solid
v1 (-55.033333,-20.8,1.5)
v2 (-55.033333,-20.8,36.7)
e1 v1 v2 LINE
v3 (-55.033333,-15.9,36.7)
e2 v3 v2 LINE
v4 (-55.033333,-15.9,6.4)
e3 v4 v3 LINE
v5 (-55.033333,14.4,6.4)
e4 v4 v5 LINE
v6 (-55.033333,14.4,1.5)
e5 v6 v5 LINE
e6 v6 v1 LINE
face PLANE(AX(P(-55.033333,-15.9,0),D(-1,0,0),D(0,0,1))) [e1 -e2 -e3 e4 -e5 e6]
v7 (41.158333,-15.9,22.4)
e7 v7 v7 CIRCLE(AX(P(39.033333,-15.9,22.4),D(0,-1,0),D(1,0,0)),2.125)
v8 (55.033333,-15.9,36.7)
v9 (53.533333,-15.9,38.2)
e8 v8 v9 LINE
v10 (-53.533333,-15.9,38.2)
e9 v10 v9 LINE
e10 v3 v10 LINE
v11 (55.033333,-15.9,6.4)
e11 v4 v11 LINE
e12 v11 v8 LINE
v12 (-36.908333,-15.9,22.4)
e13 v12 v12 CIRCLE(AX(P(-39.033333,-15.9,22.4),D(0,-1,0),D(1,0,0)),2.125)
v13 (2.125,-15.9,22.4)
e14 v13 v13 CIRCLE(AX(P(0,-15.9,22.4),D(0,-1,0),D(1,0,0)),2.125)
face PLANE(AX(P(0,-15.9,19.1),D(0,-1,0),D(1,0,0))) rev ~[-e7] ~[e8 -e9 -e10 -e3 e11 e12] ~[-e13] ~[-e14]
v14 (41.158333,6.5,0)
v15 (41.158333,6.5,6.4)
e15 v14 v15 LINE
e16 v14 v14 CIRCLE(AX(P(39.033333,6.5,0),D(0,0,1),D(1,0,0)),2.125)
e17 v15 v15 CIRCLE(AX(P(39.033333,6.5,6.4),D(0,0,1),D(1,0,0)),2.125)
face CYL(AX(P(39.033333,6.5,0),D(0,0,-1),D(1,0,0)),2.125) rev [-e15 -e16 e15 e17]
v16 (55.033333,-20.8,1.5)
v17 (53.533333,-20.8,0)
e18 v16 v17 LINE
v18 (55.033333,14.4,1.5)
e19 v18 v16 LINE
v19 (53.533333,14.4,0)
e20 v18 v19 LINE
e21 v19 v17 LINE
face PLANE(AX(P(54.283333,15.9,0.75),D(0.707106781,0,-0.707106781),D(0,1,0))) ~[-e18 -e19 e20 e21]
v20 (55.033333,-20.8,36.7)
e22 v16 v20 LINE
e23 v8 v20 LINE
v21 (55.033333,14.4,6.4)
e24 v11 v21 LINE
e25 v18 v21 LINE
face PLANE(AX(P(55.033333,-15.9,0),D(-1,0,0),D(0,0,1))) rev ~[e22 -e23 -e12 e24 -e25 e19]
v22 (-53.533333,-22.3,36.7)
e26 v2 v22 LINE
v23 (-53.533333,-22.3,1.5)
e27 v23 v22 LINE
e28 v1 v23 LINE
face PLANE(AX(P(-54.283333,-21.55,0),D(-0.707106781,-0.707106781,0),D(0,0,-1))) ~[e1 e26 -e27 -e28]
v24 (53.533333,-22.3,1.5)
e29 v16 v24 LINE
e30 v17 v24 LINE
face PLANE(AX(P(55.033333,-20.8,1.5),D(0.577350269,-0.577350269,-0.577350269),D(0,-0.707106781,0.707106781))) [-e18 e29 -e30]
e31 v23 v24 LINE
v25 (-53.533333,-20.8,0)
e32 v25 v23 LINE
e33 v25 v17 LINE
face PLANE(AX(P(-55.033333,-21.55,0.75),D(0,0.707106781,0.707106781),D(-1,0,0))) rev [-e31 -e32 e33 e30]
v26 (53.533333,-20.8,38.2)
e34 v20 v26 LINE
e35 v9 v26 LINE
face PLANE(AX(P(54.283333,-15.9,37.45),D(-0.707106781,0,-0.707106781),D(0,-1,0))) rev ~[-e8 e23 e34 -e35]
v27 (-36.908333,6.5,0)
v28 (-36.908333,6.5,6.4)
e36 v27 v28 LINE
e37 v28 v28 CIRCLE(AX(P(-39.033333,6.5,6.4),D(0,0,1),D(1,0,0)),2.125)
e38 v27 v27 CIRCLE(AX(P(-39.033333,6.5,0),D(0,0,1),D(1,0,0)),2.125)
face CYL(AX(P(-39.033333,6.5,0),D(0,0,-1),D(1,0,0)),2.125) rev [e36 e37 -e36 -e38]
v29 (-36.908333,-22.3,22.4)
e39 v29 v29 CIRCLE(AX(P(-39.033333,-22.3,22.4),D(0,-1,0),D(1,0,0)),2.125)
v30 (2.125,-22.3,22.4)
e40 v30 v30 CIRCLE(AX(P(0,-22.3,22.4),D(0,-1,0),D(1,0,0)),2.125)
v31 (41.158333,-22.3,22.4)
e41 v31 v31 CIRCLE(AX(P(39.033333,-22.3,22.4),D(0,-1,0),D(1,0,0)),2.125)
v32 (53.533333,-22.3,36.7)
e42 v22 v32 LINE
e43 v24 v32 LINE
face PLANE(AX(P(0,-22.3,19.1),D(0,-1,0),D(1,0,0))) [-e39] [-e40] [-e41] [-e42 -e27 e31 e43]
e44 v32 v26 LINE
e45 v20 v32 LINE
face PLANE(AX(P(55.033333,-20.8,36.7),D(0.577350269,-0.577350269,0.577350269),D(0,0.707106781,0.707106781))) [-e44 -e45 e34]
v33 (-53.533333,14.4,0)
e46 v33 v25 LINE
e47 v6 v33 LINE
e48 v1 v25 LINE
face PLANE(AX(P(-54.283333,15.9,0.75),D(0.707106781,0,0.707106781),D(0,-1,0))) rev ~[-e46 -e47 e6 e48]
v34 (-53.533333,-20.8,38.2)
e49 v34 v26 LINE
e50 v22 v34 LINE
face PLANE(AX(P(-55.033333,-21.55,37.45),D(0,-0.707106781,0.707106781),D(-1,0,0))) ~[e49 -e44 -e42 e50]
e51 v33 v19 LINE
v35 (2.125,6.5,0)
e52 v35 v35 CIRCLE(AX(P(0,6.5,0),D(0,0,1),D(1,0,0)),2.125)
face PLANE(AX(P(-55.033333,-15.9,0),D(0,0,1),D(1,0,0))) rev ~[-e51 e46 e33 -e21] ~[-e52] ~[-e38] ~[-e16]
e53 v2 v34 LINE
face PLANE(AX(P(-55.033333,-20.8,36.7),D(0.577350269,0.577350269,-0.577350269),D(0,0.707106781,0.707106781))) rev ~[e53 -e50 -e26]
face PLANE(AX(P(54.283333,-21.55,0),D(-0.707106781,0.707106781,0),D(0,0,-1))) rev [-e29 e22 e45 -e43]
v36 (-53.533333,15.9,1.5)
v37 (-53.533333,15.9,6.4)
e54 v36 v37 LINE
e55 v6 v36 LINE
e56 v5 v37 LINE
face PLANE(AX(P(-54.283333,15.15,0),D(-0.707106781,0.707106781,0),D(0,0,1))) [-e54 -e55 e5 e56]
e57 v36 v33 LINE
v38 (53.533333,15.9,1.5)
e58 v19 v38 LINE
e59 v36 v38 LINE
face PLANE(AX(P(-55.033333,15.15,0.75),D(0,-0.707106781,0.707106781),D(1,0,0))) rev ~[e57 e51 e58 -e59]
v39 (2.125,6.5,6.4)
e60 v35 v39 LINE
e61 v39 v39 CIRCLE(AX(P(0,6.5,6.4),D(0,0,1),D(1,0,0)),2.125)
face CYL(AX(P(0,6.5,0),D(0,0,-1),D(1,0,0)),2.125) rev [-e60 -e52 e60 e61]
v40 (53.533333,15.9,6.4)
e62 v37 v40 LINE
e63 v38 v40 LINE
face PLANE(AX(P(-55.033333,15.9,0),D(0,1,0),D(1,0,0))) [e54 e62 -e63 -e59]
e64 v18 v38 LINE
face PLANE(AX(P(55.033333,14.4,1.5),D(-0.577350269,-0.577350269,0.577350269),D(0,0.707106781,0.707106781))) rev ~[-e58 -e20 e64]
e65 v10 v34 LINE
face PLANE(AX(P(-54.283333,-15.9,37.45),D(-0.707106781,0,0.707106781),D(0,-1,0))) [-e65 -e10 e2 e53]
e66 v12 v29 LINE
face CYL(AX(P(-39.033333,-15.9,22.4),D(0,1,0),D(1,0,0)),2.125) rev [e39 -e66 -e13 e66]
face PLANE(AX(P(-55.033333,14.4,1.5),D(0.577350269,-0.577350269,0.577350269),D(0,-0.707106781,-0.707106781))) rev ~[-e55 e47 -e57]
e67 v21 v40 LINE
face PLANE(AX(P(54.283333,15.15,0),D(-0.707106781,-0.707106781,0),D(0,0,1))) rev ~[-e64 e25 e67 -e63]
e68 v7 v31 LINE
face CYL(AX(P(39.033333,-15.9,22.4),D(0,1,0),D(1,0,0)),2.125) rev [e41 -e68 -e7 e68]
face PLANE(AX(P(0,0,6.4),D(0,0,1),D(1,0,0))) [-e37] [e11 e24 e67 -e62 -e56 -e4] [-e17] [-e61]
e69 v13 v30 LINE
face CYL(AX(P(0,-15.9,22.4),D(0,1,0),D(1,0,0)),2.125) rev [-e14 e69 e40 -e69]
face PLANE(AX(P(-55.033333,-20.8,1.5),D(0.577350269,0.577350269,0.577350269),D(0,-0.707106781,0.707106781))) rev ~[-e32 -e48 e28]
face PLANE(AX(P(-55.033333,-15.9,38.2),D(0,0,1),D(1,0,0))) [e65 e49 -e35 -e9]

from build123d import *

# Parameters (mm, degrees)
F0_W     = 110.066666
F0_H     = 31.8
F0_R     = 2.125
F1_DEPTH = 6.4
F2_W     = 110.066666
F2_H     = 38.2
F2_R     = 2.125
F3_DEPTH = 6.4
F4_SIZE  = 1.5


with BuildPart() as f1:
    # F0 (on Top) → F1 (new body)
    with BuildSketch(Plane.XY):
        Rectangle(F0_W, F0_H)
        with Locations((-39.033333, 6.5)):
            Circle(F0_R, mode=Mode.SUBTRACT)
        with Locations((0, 6.5)):
            Circle(F0_R, mode=Mode.SUBTRACT)
        with Locations((39.033333, 6.5)):
            Circle(F0_R, mode=Mode.SUBTRACT)
    extrude(amount=F1_DEPTH)

    # F2 (on face) → F3 (join)
    with BuildSketch(Plane.XZ.offset(15.9)):
        with Locations((0, 19.1)):
            Rectangle(F2_W, F2_H)
        with Locations((-39.033333, 22.4)):
            Circle(F2_R, mode=Mode.SUBTRACT)
        with Locations((0, 22.4)):
            Circle(F2_R, mode=Mode.SUBTRACT)
        with Locations((39.033333, 22.4)):
            Circle(F2_R, mode=Mode.SUBTRACT)
    extrude(amount=F3_DEPTH)

    # F4
    f4_edges = [f1.edges().sort_by_distance(p)[0] for p in [
        (0, -22.3, 38.2),
        (0, -22.3, 0),
        (0, 15.9, 0),
        (55.033333, -3.2, 0),
        (55.033333, 15.9, 3.2),
        (-55.033333, 15.9, 3.2),
        (-55.033333, -3.2, 0),
        (-55.033333, -22.3, 19.1),
        (55.033333, -22.3, 19.1),
        (-55.033333, -19.1, 38.2),
        (55.033333, -19.1, 38.2),
    ]]
    chamfer(f4_edges, length=F4_SIZE)


solid = f1.part
